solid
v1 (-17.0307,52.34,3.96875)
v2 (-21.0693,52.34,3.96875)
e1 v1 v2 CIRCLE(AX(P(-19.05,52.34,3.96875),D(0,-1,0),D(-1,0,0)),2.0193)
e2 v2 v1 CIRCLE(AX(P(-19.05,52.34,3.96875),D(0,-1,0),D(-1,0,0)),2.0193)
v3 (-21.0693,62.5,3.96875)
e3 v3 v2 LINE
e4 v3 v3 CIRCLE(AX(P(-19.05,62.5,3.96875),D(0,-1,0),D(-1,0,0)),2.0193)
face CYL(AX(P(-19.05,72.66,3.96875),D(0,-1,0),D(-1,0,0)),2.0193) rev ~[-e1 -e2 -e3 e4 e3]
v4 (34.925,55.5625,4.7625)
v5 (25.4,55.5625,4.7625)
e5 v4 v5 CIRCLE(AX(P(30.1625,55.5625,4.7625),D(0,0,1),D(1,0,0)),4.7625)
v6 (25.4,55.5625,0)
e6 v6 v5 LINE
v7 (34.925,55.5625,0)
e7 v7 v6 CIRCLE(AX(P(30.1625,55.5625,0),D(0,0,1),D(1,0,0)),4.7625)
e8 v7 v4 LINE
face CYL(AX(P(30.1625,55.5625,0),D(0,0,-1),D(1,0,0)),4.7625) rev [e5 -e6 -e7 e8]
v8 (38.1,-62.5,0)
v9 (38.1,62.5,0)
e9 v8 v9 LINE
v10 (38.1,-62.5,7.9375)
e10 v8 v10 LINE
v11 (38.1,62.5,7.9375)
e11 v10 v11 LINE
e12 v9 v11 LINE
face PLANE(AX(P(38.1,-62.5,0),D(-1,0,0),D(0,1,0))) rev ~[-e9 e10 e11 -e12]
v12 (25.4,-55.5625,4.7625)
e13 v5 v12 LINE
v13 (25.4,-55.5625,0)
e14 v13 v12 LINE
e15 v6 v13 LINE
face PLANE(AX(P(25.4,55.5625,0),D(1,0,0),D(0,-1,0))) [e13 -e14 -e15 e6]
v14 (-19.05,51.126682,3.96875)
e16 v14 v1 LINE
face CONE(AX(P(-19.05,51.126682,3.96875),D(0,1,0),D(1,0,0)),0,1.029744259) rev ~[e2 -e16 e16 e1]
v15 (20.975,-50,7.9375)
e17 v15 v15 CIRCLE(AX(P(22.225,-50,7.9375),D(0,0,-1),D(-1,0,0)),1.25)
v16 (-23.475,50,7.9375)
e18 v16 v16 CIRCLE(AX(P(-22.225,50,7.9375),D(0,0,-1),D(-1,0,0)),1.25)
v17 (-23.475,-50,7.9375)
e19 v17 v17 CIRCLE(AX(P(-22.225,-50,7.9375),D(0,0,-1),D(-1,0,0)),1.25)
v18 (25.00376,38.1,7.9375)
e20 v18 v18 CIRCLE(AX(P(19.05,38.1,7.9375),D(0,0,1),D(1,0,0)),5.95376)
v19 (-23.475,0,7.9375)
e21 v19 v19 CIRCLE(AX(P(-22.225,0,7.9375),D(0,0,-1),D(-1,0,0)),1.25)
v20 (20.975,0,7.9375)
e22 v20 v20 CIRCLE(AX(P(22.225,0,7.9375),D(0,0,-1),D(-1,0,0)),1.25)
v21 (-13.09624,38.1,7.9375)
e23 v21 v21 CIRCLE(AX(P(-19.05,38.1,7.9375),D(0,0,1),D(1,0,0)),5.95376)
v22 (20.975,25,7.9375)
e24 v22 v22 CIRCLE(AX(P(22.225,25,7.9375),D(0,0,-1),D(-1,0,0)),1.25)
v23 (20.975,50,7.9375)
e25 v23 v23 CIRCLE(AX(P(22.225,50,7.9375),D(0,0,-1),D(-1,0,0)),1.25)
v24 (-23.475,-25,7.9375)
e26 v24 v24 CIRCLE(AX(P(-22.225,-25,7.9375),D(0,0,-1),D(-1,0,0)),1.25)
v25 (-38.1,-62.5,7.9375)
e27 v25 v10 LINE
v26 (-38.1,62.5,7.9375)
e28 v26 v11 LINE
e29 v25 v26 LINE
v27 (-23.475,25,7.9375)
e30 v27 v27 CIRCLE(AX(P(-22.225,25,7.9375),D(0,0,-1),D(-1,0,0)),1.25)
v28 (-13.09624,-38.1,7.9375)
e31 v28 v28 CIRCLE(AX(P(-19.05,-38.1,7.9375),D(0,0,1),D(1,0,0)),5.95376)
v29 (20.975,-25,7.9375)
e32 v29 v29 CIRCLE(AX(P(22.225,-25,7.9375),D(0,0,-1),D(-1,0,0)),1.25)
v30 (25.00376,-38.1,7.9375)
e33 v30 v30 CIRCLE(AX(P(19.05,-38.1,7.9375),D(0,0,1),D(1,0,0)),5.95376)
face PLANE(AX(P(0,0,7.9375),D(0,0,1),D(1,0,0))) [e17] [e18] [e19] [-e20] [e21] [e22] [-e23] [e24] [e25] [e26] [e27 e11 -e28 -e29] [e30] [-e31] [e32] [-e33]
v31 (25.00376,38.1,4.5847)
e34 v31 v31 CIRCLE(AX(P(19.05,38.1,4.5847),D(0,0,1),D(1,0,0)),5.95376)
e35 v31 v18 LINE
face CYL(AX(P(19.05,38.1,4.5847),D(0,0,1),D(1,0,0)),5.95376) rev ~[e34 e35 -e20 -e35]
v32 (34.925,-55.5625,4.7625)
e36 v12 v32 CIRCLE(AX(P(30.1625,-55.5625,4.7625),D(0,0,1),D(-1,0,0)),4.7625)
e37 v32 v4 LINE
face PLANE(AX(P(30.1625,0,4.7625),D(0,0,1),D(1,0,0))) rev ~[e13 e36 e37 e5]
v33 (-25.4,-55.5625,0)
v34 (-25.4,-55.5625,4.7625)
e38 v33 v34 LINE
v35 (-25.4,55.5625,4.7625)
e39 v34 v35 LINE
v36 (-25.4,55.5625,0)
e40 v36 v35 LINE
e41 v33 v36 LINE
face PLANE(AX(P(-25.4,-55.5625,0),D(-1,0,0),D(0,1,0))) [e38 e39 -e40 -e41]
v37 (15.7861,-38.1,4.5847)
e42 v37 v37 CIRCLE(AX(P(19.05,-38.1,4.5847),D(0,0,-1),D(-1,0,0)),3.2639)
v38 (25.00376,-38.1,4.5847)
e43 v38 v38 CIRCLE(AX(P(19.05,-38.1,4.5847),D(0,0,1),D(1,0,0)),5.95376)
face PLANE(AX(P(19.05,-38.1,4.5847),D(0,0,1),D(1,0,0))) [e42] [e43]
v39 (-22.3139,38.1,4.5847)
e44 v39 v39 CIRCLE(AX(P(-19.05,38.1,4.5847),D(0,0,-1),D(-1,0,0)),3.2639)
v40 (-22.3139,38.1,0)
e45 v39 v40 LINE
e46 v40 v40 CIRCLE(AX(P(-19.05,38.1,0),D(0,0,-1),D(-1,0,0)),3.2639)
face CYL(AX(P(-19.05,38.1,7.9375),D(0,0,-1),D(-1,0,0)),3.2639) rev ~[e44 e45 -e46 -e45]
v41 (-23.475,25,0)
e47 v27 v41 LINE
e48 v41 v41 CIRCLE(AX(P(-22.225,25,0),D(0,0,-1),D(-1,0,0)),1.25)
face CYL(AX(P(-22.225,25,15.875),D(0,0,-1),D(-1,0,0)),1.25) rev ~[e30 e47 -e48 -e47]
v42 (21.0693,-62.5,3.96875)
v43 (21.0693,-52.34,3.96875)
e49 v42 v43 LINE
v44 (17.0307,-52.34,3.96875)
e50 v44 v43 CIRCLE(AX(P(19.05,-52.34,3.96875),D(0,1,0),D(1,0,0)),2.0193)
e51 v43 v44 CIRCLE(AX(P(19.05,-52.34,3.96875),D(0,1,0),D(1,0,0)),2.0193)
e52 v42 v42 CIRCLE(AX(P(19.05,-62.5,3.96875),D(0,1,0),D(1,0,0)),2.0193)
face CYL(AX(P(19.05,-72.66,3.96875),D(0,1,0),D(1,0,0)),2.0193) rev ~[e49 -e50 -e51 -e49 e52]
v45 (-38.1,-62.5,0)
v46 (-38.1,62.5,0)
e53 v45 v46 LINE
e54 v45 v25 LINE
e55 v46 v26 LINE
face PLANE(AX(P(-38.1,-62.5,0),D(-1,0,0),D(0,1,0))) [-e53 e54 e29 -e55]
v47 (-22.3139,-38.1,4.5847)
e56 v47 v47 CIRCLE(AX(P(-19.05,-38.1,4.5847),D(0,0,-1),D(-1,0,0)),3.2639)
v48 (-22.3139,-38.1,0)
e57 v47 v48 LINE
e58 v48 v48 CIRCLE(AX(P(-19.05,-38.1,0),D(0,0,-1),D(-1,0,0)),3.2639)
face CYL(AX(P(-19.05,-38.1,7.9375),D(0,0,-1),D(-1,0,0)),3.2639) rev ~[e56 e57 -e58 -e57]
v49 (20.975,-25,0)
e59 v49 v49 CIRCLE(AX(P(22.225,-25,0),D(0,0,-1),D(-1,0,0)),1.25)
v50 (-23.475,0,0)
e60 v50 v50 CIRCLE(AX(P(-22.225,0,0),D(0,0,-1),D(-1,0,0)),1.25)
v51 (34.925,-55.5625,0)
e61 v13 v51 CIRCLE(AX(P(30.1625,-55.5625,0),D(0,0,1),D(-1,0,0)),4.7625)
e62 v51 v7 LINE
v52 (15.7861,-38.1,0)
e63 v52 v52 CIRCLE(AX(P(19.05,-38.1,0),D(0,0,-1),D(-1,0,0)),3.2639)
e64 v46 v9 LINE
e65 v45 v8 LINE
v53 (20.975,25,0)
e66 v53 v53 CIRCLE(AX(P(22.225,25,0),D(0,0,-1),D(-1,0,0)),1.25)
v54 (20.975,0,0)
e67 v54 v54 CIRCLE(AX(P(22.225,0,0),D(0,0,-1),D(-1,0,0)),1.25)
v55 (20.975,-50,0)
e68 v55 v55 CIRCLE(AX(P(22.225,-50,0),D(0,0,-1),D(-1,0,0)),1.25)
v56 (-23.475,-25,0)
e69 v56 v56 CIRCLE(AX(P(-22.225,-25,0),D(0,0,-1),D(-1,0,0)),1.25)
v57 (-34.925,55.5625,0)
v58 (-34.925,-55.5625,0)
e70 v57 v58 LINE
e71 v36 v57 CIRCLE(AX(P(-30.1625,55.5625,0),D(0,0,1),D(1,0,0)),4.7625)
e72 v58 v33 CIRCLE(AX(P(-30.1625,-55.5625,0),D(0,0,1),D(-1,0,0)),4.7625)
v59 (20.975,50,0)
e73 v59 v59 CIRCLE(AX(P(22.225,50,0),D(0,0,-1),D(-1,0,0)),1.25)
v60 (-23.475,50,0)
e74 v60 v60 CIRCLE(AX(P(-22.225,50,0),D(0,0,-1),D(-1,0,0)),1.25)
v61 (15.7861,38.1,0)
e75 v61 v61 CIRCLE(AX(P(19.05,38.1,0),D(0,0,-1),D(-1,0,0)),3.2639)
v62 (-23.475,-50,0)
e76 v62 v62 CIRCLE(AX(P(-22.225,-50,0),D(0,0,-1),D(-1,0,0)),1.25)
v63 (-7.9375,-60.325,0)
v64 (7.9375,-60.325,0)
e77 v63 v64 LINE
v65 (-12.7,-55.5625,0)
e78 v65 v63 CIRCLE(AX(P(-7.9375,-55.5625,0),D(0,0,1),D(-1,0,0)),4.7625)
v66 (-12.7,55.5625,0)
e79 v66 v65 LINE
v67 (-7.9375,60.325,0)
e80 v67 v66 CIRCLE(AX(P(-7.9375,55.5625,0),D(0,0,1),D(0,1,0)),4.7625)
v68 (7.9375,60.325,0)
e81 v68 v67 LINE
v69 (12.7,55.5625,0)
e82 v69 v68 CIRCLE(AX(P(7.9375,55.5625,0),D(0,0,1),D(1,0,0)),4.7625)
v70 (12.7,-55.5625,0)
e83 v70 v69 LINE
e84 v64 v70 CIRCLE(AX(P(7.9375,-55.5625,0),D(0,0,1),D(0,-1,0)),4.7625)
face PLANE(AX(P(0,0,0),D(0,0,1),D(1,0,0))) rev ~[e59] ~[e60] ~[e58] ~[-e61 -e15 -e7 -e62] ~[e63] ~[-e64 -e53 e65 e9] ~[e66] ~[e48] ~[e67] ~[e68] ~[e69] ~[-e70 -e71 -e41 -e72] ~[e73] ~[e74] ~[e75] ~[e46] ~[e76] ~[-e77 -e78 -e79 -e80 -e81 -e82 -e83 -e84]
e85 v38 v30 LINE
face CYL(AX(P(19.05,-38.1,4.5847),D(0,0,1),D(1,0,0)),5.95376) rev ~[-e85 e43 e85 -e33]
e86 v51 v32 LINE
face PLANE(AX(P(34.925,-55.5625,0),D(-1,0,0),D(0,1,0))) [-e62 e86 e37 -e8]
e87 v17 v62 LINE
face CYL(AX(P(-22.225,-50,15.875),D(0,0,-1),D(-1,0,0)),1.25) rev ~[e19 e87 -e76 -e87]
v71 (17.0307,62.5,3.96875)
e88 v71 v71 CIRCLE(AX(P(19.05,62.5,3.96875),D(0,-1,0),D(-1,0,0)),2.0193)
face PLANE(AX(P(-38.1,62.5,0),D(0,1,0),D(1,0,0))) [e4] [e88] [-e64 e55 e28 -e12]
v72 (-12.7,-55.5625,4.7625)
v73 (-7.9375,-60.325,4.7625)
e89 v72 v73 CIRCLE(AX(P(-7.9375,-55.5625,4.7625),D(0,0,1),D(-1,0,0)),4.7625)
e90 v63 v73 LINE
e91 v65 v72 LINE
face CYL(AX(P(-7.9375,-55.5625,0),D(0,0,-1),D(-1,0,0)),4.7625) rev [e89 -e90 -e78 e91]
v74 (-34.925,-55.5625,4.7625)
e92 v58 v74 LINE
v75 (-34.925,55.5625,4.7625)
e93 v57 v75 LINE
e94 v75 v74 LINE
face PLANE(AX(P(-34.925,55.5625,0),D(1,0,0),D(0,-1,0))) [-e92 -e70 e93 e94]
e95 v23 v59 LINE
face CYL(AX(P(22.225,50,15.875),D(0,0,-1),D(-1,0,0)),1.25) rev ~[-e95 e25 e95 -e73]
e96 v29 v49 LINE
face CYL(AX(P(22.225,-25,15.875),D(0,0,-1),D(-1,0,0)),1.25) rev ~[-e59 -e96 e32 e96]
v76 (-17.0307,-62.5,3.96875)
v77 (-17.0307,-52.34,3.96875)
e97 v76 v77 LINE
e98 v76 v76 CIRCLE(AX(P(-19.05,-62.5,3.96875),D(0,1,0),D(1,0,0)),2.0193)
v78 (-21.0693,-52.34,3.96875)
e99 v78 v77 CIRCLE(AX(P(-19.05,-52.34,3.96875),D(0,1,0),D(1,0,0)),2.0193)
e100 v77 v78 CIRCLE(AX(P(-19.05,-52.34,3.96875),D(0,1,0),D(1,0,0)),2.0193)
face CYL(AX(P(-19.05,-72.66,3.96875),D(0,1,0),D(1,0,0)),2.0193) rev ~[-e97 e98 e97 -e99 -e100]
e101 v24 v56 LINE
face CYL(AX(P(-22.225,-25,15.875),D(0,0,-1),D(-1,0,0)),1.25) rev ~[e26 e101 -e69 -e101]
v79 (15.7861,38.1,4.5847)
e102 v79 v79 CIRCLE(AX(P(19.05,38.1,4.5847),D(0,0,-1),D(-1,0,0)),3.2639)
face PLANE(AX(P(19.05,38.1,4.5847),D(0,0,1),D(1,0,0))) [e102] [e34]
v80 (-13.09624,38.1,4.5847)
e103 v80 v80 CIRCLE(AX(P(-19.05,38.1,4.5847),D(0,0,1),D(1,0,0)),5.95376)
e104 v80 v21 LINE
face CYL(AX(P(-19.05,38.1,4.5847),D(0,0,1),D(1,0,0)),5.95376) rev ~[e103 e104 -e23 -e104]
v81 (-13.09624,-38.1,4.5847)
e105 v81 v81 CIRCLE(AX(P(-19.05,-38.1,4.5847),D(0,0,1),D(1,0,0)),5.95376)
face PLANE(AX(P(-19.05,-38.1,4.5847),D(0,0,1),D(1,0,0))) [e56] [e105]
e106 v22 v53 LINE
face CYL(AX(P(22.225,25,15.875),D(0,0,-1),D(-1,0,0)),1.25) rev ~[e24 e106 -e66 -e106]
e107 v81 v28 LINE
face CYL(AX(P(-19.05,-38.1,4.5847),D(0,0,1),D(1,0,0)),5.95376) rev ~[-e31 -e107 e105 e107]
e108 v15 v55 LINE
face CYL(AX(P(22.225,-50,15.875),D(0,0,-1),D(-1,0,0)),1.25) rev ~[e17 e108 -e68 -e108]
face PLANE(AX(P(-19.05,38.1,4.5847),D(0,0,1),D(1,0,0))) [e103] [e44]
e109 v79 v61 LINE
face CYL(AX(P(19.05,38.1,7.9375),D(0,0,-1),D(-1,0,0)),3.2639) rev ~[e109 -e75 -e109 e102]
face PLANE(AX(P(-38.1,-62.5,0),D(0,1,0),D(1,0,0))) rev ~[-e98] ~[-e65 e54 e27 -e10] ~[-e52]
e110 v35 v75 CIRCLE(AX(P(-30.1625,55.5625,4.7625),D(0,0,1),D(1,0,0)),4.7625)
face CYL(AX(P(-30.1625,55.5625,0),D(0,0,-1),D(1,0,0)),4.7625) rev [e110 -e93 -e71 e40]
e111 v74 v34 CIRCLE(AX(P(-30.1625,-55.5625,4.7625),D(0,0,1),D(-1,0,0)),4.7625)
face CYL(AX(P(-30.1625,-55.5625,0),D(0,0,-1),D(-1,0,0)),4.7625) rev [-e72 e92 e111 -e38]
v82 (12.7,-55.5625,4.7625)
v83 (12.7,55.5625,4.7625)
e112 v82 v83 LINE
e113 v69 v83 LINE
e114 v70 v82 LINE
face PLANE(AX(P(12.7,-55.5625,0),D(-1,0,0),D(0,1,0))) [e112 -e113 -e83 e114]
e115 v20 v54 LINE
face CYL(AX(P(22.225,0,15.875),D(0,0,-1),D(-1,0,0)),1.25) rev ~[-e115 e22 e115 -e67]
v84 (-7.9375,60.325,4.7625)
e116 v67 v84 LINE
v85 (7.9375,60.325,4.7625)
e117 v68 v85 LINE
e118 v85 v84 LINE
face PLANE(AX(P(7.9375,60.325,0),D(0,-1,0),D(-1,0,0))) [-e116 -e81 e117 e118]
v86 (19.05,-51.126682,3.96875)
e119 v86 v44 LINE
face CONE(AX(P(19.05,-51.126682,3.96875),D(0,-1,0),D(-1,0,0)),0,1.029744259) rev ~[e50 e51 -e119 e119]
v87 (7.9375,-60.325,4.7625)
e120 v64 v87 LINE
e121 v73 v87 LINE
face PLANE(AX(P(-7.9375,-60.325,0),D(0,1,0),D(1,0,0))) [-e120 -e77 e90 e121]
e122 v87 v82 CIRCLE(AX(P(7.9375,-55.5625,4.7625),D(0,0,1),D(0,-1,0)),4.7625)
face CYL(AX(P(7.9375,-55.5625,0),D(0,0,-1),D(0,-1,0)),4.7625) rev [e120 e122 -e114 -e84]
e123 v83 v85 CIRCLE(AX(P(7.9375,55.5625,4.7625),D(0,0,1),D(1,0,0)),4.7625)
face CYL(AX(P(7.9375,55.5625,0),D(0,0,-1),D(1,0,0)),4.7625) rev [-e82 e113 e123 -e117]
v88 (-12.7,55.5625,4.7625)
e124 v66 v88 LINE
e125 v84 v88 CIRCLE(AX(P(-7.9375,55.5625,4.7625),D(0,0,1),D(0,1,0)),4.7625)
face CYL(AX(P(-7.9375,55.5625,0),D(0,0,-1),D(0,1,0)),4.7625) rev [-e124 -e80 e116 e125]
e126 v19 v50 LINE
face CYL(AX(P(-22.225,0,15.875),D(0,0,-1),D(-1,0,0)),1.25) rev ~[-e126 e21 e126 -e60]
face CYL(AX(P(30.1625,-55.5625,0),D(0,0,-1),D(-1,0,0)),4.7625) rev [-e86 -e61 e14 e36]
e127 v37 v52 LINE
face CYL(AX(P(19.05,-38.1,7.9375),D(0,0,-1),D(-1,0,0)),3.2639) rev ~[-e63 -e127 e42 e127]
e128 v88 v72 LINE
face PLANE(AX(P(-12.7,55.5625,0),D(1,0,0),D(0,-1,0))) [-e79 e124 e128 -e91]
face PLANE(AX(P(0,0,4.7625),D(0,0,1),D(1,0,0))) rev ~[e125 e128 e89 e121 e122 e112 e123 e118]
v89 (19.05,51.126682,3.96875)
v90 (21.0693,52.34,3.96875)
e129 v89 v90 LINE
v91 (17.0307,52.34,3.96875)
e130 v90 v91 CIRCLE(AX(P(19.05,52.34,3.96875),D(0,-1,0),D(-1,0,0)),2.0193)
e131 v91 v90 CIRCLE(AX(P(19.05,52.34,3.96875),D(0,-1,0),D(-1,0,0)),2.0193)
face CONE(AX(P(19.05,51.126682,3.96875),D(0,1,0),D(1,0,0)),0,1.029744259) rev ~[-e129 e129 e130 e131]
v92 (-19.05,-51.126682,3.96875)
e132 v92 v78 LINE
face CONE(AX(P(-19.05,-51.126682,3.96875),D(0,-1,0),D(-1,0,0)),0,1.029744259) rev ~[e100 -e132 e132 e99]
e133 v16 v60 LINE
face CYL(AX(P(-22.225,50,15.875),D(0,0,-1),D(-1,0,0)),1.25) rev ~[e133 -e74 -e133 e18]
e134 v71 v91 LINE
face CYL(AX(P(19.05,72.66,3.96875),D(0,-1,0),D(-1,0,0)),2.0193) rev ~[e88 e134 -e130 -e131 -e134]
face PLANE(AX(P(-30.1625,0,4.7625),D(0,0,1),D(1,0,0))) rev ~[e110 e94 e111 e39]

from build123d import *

# Parameters (mm, degrees)
SKETCH1_W                                        = 76.2
SKETCH1_H                                        = 125
BOSS_EXTRUDE1_DEPTH                              = 7.9375
CBORE_FOR_1_4_BUTTON_HEAD_CAP_SCREW1_D           = 6.5278
CBORE_FOR_1_4_BUTTON_HEAD_CAP_SCREW1_DEPTH       = 7.9375
CBORE_FOR_1_4_BUTTON_HEAD_CAP_SCREW1_CBORE_D     = 11.90752
CBORE_FOR_1_4_BUTTON_HEAD_CAP_SCREW1_CBORE_DEPTH = 3.3528
M3X0_5_TAPPED_HOLE1_D                            = 2.5
M3X0_5_TAPPED_HOLE1_DEPTH                        = 7.9375
F_10_32_TAPPED_HOLE1_D                           = 4.0386
F_10_32_TAPPED_HOLE1_DEPTH                       = 10.16
F_10_32_TAPPED_HOLE1_TIP                         = 1.213317848
F_10_32_TAPPED_HOLE2_D                           = 4.0386
F_10_32_TAPPED_HOLE2_DEPTH                       = 10.16
F_10_32_TAPPED_HOLE2_TIP                         = 1.213317848
CUT_EXTRUDE1_DEPTH                               = 4.7625


with BuildPart() as part:
    # Sketch1 → Boss-Extrude1 (new body)
    with BuildSketch(Plane.XY):
        Rectangle(SKETCH1_W, SKETCH1_H)
    extrude(amount=BOSS_EXTRUDE1_DEPTH)

    # CBORE for 1/4 Button Head Cap Screw1
    with Locations(Plane.XY.offset(7.9375)):
        with Locations((-19.05, 38.1), (19.05, 38.1), (19.05, -38.1), (-19.05, -38.1)):
            CounterBoreHole(CBORE_FOR_1_4_BUTTON_HEAD_CAP_SCREW1_D / 2, CBORE_FOR_1_4_BUTTON_HEAD_CAP_SCREW1_CBORE_D / 2, CBORE_FOR_1_4_BUTTON_HEAD_CAP_SCREW1_CBORE_DEPTH, depth=CBORE_FOR_1_4_BUTTON_HEAD_CAP_SCREW1_DEPTH)

    # M3x0.5 Tapped Hole1
    with Locations(Plane.XY.offset(7.9375)):
        with Locations((-22.225, 50), (-22.225, 25), (-22.225, 0), (-22.225, -25), (-22.225, -50), (22.225, -50), (22.225, -25), (22.225, 0), (22.225, 25), (22.225, 50)):
            Hole(M3X0_5_TAPPED_HOLE1_D / 2, depth=M3X0_5_TAPPED_HOLE1_DEPTH)

    # #10-32 Tapped Hole1
    with Locations(Plane(origin=(0, 62.5, 0), x_dir=(1, 0, 0), z_dir=(0, 1, 0))):
        with Locations((-19.05, -3.96875), (19.05, -3.96875)):
            Hole(F_10_32_TAPPED_HOLE1_D / 2, depth=F_10_32_TAPPED_HOLE1_DEPTH)
            with Locations((0, 0, -(F_10_32_TAPPED_HOLE1_DEPTH + F_10_32_TAPPED_HOLE1_TIP / 2))):  # 118° drill point
                Cone(0, F_10_32_TAPPED_HOLE1_D / 2, F_10_32_TAPPED_HOLE1_TIP, mode=Mode.SUBTRACT)

    # #10-32 Tapped Hole2
    with Locations(Plane(origin=(0, -62.5, 0), x_dir=(-1, 0, 0), z_dir=(0, -1, 0))):
        with Locations((19.05, -3.96875), (-19.05, -3.96875)):
            Hole(F_10_32_TAPPED_HOLE2_D / 2, depth=F_10_32_TAPPED_HOLE2_DEPTH)
            with Locations((0, 0, -(F_10_32_TAPPED_HOLE2_DEPTH + F_10_32_TAPPED_HOLE2_TIP / 2))):  # 118° drill point
                Cone(0, F_10_32_TAPPED_HOLE2_D / 2, F_10_32_TAPPED_HOLE2_TIP, mode=Mode.SUBTRACT)

    # Sketch10 → Cut-Extrude1 (cut)
    with BuildSketch(Plane(origin=(0, 0, 0), x_dir=(-1, 0, 0), z_dir=(0, 0, -1))):
        with BuildLine():
            Line((7.9375, -60.325), (-7.9375, -60.325))
            ThreePointArc((-7.9375, -60.325), (-11.305096045, -58.930096045), (-12.7, -55.5625))
            Line((-12.7, -55.5625), (-12.7, 55.5625))
            ThreePointArc((-12.7, 55.5625), (-11.305096045, 58.930096045), (-7.9375, 60.325))
            Line((-7.9375, 60.325), (7.9375, 60.325))
            ThreePointArc((7.9375, 60.325), (11.305096045, 58.930096045), (12.7, 55.5625))
            Line((12.7, 55.5625), (12.7, -55.5625))
            ThreePointArc((12.7, -55.5625), (11.305096045, -58.930096045), (7.9375, -60.325))
        make_face()
        with BuildLine():
            Line((-25.4, 55.5625), (-25.4, -55.5625))
            ThreePointArc((-25.4, -55.5625), (-30.1625, -60.325), (-34.925, -55.5625))
            Line((-34.925, -55.5625), (-34.925, 55.5625))
            ThreePointArc((-34.925, 55.5625), (-30.1625, 60.325), (-25.4, 55.5625))
        make_face()
        with BuildLine():
            Line((34.925, 55.5625), (34.925, -55.5625))
            ThreePointArc((34.925, -55.5625), (30.1625, -60.325), (25.4, -55.5625))
            Line((25.4, -55.5625), (25.4, 55.5625))
            ThreePointArc((25.4, 55.5625), (30.1625, 60.325), (34.925, 55.5625))
        make_face()
    extrude(amount=-CUT_EXTRUDE1_DEPTH, mode=Mode.SUBTRACT)


solid = part.part
